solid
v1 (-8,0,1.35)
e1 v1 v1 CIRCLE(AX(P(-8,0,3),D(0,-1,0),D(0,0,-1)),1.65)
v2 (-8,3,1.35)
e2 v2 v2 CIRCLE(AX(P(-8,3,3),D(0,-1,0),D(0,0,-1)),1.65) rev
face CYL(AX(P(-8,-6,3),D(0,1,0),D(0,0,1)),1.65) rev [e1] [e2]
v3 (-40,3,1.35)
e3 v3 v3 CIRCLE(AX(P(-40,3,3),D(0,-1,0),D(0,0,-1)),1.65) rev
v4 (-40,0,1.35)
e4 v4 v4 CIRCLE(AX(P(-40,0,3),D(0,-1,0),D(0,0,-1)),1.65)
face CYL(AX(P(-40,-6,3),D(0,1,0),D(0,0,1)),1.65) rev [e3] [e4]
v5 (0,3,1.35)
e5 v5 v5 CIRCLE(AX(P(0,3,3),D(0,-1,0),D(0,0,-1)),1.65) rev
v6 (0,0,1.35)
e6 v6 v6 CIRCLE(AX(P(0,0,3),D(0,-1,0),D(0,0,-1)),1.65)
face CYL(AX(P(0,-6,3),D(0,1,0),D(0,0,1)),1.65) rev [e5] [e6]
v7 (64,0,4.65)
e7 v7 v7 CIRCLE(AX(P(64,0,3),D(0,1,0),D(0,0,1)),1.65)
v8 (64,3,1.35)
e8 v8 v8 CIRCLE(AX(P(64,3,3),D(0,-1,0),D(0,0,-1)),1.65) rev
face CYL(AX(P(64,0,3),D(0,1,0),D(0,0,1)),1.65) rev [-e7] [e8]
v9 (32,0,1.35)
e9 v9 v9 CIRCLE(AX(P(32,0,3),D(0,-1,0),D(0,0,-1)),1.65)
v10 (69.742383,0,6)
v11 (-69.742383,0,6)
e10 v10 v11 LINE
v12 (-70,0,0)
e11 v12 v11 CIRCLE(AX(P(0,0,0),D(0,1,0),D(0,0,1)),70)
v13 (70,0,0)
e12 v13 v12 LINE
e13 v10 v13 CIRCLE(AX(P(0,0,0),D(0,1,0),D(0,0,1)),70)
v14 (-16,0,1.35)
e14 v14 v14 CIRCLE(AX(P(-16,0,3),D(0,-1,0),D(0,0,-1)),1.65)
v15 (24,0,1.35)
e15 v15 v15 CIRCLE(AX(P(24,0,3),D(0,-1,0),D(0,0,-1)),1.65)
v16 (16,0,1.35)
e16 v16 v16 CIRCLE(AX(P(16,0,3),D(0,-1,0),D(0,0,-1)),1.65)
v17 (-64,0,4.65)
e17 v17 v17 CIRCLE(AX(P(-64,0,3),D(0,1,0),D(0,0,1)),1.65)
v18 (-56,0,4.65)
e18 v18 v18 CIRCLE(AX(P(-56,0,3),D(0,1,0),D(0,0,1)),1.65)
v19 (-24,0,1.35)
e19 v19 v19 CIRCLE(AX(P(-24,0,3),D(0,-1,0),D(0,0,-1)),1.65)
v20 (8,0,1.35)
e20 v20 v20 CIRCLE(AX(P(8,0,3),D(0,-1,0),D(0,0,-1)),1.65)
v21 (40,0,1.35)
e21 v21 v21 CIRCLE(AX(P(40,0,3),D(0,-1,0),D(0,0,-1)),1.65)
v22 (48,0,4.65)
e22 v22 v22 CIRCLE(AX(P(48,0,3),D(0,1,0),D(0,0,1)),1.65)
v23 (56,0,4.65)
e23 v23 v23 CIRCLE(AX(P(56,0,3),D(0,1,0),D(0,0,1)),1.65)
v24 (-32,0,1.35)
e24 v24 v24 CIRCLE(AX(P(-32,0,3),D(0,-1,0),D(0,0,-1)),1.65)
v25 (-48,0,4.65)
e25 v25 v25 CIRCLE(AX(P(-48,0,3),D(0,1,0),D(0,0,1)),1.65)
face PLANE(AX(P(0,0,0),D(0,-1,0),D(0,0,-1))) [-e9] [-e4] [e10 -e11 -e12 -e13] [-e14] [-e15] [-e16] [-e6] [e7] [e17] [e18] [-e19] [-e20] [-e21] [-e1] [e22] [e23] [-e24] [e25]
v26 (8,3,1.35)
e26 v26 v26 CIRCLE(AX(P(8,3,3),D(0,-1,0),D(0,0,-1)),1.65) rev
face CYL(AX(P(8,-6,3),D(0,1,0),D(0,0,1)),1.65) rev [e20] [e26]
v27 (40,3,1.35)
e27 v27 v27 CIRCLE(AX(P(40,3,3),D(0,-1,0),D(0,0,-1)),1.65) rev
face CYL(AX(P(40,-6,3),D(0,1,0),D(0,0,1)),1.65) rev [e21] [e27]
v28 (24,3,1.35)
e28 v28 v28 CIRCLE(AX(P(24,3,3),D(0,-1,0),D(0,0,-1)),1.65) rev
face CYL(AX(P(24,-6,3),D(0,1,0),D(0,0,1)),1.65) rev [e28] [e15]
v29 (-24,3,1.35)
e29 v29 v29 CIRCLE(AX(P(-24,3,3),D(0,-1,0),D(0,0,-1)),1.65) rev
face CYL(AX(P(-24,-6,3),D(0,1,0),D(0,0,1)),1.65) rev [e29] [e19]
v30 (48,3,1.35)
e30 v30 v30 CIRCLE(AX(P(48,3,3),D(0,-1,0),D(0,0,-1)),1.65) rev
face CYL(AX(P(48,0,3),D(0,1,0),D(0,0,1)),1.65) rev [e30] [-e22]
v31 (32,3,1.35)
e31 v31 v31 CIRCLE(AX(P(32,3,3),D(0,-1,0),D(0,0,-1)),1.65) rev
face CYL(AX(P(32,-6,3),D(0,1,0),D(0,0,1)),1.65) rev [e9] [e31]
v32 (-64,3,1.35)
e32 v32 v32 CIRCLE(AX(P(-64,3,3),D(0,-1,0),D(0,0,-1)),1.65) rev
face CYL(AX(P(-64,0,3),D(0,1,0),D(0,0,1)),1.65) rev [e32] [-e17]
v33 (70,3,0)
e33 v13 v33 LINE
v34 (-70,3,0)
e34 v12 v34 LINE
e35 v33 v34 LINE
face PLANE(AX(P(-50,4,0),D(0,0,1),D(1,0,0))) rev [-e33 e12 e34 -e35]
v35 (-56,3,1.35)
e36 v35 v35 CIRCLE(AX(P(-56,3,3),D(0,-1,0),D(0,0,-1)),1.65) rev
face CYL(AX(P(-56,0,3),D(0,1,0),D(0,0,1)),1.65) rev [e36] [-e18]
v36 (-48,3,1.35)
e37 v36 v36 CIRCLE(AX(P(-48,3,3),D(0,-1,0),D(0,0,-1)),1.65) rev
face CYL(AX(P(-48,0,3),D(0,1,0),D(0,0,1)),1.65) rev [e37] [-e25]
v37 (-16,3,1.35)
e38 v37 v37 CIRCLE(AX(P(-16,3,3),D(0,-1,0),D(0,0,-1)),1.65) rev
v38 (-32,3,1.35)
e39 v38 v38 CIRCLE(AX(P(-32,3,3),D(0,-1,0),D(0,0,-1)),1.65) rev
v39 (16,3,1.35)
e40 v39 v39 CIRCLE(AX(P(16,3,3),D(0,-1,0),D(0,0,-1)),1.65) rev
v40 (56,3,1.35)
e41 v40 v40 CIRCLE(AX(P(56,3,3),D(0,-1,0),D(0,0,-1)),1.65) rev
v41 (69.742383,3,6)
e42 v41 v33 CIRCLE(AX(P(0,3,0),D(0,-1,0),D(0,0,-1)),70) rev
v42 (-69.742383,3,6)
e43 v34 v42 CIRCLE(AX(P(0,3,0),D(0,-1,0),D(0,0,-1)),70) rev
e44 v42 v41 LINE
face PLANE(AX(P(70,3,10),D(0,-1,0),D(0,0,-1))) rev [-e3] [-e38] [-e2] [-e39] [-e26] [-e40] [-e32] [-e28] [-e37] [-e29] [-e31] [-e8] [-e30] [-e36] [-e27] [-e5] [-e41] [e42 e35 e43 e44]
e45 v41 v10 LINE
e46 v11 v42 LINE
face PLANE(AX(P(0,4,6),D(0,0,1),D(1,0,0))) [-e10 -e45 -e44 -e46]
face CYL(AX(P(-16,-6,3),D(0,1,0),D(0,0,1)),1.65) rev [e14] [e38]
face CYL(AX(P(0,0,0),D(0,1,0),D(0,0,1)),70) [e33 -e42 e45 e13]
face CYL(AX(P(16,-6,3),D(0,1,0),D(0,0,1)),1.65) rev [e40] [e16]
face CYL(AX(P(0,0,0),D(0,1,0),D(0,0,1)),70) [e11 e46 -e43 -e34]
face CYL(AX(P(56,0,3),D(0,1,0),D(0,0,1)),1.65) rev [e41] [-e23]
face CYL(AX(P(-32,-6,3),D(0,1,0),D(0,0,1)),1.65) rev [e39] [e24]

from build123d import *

# Parameters (mm, degrees)
EXTRUDE_1_DEPTH     = 4
CUT_EXTRUDE_1_DEPTH = 10
SKETCH_3_R          = 2.25
CUT_EXTRUDE_2_DEPTH = 10
SKETCH_4_R          = 1.65
CUT_EXTRUDE_3_DEPTH = 10
EXTRUDE_START       = -4
EXTRUDE_2_DEPTH     = 4
SKETCH_6_R          = 1.65
CUT_EXTRUDE_4_DEPTH = 4
SKETCH_7_W          = 40
SKETCH_7_H          = 10
CUT_EXTRUDE_5_DEPTH = 4
EXTRUDE_4_DEPTH     = 4
SKETCH_9_R          = 1.65
SKETCH_9_R_2        = 2.25
SKETCH_9_W          = 20
SKETCH_9_H          = 40
EXTRUDE_7_DEPTH     = 4
CUT_EXTRUDE_START   = -4
SKETCH_10_R         = 2.25
SKETCH_10_W         = 20
SKETCH_10_H         = 40
CUT_EXTRUDE_6_DEPTH = 4
SKETCH_11_R         = 2.25
SKETCH_11_W         = 20
SKETCH_11_H         = 40
SKETCH_11_W_2       = 40
SKETCH_11_H_2       = 20
SKETCH_11_R_2       = 1.65
CUT_EXTRUDE_7_DEPTH = 4
SKETCH_12_W         = 140
SKETCH_12_H         = 1
CUT_EXTRUDE_8_DEPTH = 10


with BuildPart() as part:
    # 草图1 → 凸台-拉伸1 (new body)
    with BuildSketch(Plane(origin=(0, 0, 0), x_dir=(1, 0, 0), z_dir=(0, 1, 0))):
        with BuildLine():
            Line((-50, 0), (50, 0))
            ThreePointArc((50, 0), (0, -50), (-50, 0))
        make_face()
    extrude(amount=EXTRUDE_1_DEPTH)

    # 草图2 → 切除-拉伸1 (cut)
    with BuildSketch(Plane(origin=(0, 4, 0), x_dir=(1, 0, 0), z_dir=(0, 1, 0))):
        Polygon((0, -10.623043888), (10, -10.623043888), (10, -30.623043888), (-30, -30.623043888), (-30, -10.623043888), align=None)
    extrude(amount=-CUT_EXTRUDE_1_DEPTH, mode=Mode.SUBTRACT)

    # 草图3 → 切除-拉伸2 (cut)
    with BuildSketch(Plane(origin=(0, 4, 0), x_dir=(1, 0, 0), z_dir=(0, 1, 0))):
        with Locations(Location((-34.75, -15.623043888, 0), (0, 0, 270))):
            Circle(SKETCH_3_R)
        with Locations(Location((-34.75, -25.623043888, 0), (0, 0, 270))):
            Circle(SKETCH_3_R)
        with Locations(Location((14.75, -25.623043888, 0), (0, 0, 90))):
            Circle(SKETCH_3_R)
        with Locations(Location((14.75, -15.623043888, 0), (0, 0, 90))):
            Circle(SKETCH_3_R)
    extrude(amount=-CUT_EXTRUDE_2_DEPTH, mode=Mode.SUBTRACT)

    # 草图4 → 切除-拉伸3 (cut)
    with BuildSketch(Plane(origin=(0, 4, 0), x_dir=(1, 0, 0), z_dir=(0, 1, 0))):
        with Locations(Location((0, -3, 0), (0, 0, 270))):
            Circle(SKETCH_4_R)
        with Locations(Location((8, -3, 0), (0, 0, 270))):
            Circle(SKETCH_4_R)
        with Locations(Location((16, -3, 0), (0, 0, 270))):
            Circle(SKETCH_4_R)
        with Locations(Location((24, -3, 0), (0, 0, 270))):
            Circle(SKETCH_4_R)
        with Locations(Location((32, -3, 0), (0, 0, 270))):
            Circle(SKETCH_4_R)
        with Locations(Location((40, -3, 0), (0, 0, 270))):
            Circle(SKETCH_4_R)
        with Locations(Location((-40, -3, 0), (0, 0, 90))):
            Circle(SKETCH_4_R)
        with Locations(Location((-32, -3, 0), (0, 0, 90))):
            Circle(SKETCH_4_R)
        with Locations(Location((-24, -3, 0), (0, 0, 90))):
            Circle(SKETCH_4_R)
        with Locations(Location((-16, -3, 0), (0, 0, 90))):
            Circle(SKETCH_4_R)
        with Locations(Location((-8, -3, 0), (0, 0, 90))):
            Circle(SKETCH_4_R)
    extrude(amount=-CUT_EXTRUDE_3_DEPTH, mode=Mode.SUBTRACT)

    # 草图5 → 凸台-拉伸2 (add)
    with BuildSketch(Plane(origin=(0, 4, 0), x_dir=(1, 0, 0), z_dir=(0, 1, 0)).offset(EXTRUDE_START)):
        with BuildLine():
            Line((-50, 0), (-70, 0))
            ThreePointArc((-70, 0), (0, -70), (70, 0))
            Line((70, 0), (50, 0))
            ThreePointArc((50, 0), (0, -50), (-50, 0))
        make_face()
    extrude(amount=EXTRUDE_2_DEPTH)

    # 草图6 → 切除-拉伸4 (cut)
    with BuildSketch(Plane(origin=(0, 4, 0), x_dir=(1, 0, 0), z_dir=(0, 1, 0))):
        with Locations(Location((0, -3, 0), (0, 0, 270))):
            Circle(SKETCH_6_R)
        with Locations(Location((8, -3, 0), (0, 0, 270))):
            Circle(SKETCH_6_R)
        with Locations(Location((16, -3, 0), (0, 0, 270))):
            Circle(SKETCH_6_R)
        with Locations(Location((24, -3, 0), (0, 0, 270))):
            Circle(SKETCH_6_R)
        with Locations(Location((32, -3, 0), (0, 0, 270))):
            Circle(SKETCH_6_R)
        with Locations(Location((40, -3, 0), (0, 0, 270))):
            Circle(SKETCH_6_R)
        with Locations(Location((48, -3, 0), (0, 0, 270))):
            Circle(SKETCH_6_R)
        with Locations(Location((56, -3, 0), (0, 0, 270))):
            Circle(SKETCH_6_R)
        with Locations(Location((64, -3, 0), (0, 0, 270))):
            Circle(SKETCH_6_R)
        with Locations(Location((-8, -3, 0), (0, 0, 90))):
            Circle(SKETCH_6_R)
        with Locations(Location((-16, -3, 0), (0, 0, 90))):
            Circle(SKETCH_6_R)
        with Locations(Location((-24, -3, 0), (0, 0, 90))):
            Circle(SKETCH_6_R)
        with Locations(Location((-32, -3, 0), (0, 0, 90))):
            Circle(SKETCH_6_R)
        with Locations(Location((-40, -3, 0), (0, 0, 90))):
            Circle(SKETCH_6_R)
        with Locations(Location((-48, -3, 0), (0, 0, 270))):
            Circle(SKETCH_6_R)
        with Locations(Location((-56, -3, 0), (0, 0, 270))):
            Circle(SKETCH_6_R)
        with Locations(Location((-64, -3, 0), (0, 0, 270))):
            Circle(SKETCH_6_R)
    extrude(amount=-CUT_EXTRUDE_4_DEPTH, mode=Mode.SUBTRACT)

    # 草图7 → 切除-拉伸5 (cut)
    with BuildSketch(Plane(origin=(0, 4, 0), x_dir=(1, 0, 0), z_dir=(0, 1, 0))):
        with Locations((-10, -25.623043888)):
            Rectangle(SKETCH_7_W, SKETCH_7_H)
        with Locations((-10, -35.623043888)):
            Rectangle(SKETCH_7_W, SKETCH_7_H)
        with BuildLine():
            ThreePointArc((17, -35.623043888), (16.340990258, -34.03205363), (14.75, -33.373043888))
            ThreePointArc((14.75, -33.373043888), (13.159009742, -37.214034146), (17, -35.623043888))
        make_face()
        with BuildLine():
            ThreePointArc((-32.5, -35.623043888), (-33.159009742, -34.03205363), (-34.75, -33.373043888))
            ThreePointArc((-34.75, -33.373043888), (-36.340990258, -37.214034146), (-32.5, -35.623043888))
        make_face()
    extrude(amount=-CUT_EXTRUDE_5_DEPTH, mode=Mode.SUBTRACT)

    # 草图8 → 凸台-拉伸4 (add)
    with BuildSketch(Plane(origin=(0, 4, 0), x_dir=(1, 0, 0), z_dir=(0, 1, 0))):
        Polygon((-41.554882874, -20.623043888), (14.75, -20.623043888), (21.040870392, -20.623043888), (21.040870392, -8.98726117), (-41.554882874, -8.5063719), align=None)
    extrude(amount=-EXTRUDE_4_DEPTH)

    # 草图9 → 凸台-拉伸7 (add)
    # profile 1 of 2: a face of its own
    with BuildSketch(Plane(origin=(0, 4, 0), x_dir=(1, 0, 0), z_dir=(0, 1, 0)).offset(EXTRUDE_START)):
        with BuildLine():
            ThreePointArc((-80, -150), (-26.806171238, -125.50183053), (-10.845240526, -69.154759474))
            ThreePointArc((-10.845240526, -69.154759474), (-49.497474683, -49.497474683), (-69.154759474, -10.845240526))
            ThreePointArc((-69.154759474, -10.845240526), (-74.560935889, -10.211630041), (-80, -10))
            Line((-80, -10), (-80, -150))
        make_face()
        with Locations(Location((-77, -144, 0), (0, 0, 270))):
            Circle(SKETCH_9_R, mode=Mode.SUBTRACT)
        with Locations(Location((-77, -136, 0), (0, 0, 270))):
            Circle(SKETCH_9_R, mode=Mode.SUBTRACT)
        with Locations(Location((-77, -128, 0), (0, 0, 270))):
            Circle(SKETCH_9_R, mode=Mode.SUBTRACT)
        with Locations(Location((-77, -120, 0), (0, 0, 270))):
            Circle(SKETCH_9_R, mode=Mode.SUBTRACT)
        with Locations(Location((-54.376956112, -114.75, 0), (0, 0, 270))):
            Circle(SKETCH_9_R_2, mode=Mode.SUBTRACT)
        with Locations(Location((-44.376956112, -114.75, 0), (0, 0, 270))):
            Circle(SKETCH_9_R_2, mode=Mode.SUBTRACT)
        with Locations(Location((-77, -112, 0), (0, 0, 270))):
            Circle(SKETCH_9_R, mode=Mode.SUBTRACT)
        with Locations(Location((-77, -104, 0), (0, 0, 270))):
            Circle(SKETCH_9_R, mode=Mode.SUBTRACT)
        with Locations(Location((-77, -96, 0), (0, 0, 270))):
            Circle(SKETCH_9_R, mode=Mode.SUBTRACT)
        with Locations(Location((-77, -88, 0), (0, 0, 270))):
            Circle(SKETCH_9_R, mode=Mode.SUBTRACT)
        with Locations(Location((-77, -80, 0), (0, 0, 270))):
            Circle(SKETCH_9_R, mode=Mode.SUBTRACT)
        with Locations((-49.376956112, -90)):
            Rectangle(SKETCH_9_W, SKETCH_9_H, mode=Mode.SUBTRACT)
        with Locations(Location((-77, -72, 0), (0, 0, 270))):
            Circle(SKETCH_9_R, mode=Mode.SUBTRACT)
        with Locations(Location((-77, -64, 0), (0, 0, 270))):
            Circle(SKETCH_9_R, mode=Mode.SUBTRACT)
        with Locations(Location((-54.376956112, -65.25, 0), (0, 0, 270))):
            Circle(SKETCH_9_R_2, mode=Mode.SUBTRACT)
        with Locations(Location((-44.376956112, -65.25, 0), (0, 0, 270))):
            Circle(SKETCH_9_R_2, mode=Mode.SUBTRACT)
        with Locations(Location((-77, -56, 0), (0, 0, 270))):
            Circle(SKETCH_9_R, mode=Mode.SUBTRACT)
        with Locations(Location((-77, -48, 0), (0, 0, 270))):
            Circle(SKETCH_9_R, mode=Mode.SUBTRACT)
        with Locations(Location((-77, -40, 0), (0, 0, 270))):
            Circle(SKETCH_9_R, mode=Mode.SUBTRACT)
        with Locations(Location((-77, -32, 0), (0, 0, 270))):
            Circle(SKETCH_9_R, mode=Mode.SUBTRACT)
        with Locations(Location((-77, -24, 0), (0, 0, 270))):
            Circle(SKETCH_9_R, mode=Mode.SUBTRACT)
        with Locations(Location((-77, -16, 0), (0, 0, 270))):
            Circle(SKETCH_9_R, mode=Mode.SUBTRACT)
    # profile 2 of 2: a face of its own
    with BuildSketch(Plane(origin=(0, 4, 0), x_dir=(1, 0, 0), z_dir=(0, 1, 0)).offset(EXTRUDE_START)):
        with BuildLine():
            ThreePointArc((39.376956112, -57.874479068), (25.73671386, -65.097016519), (10.845240526, -69.154759474))
            ThreePointArc((10.845240526, -69.154759474), (26.806171238, -125.50183053), (80, -150))
            Line((80, -150), (80, -80))
            Line((80, -80), (80, -10))
            ThreePointArc((80, -10), (74.560935889, -10.211630041), (69.154759474, -10.845240526))
            ThreePointArc((69.154759474, -10.845240526), (64.206635613, -27.883829422), (55.133596526, -43.131039103))
            ThreePointArc((55.133596526, -43.131039103), (56.106456706, -46.689210789), (52.430746339, -46.379056031))
            ThreePointArc((52.430746339, -46.379056031), (50.742579289, -48.220230683), (48.989794856, -50))
            Line((48.989794856, -50), (59.376956112, -50))
            Line((59.376956112, -50), (59.376956112, -90))
            Line((59.376956112, -90), (39.376956112, -90))
            Line((39.376956112, -90), (39.376956112, -57.874479068))
        make_face()
        with Locations(Location((77, -144, 0), (0, 0, 270))):
            Circle(SKETCH_9_R, mode=Mode.SUBTRACT)
        with Locations(Location((77, -136, 0), (0, 0, 270))):
            Circle(SKETCH_9_R, mode=Mode.SUBTRACT)
        with Locations(Location((77, -128, 0), (0, 0, 270))):
            Circle(SKETCH_9_R, mode=Mode.SUBTRACT)
        with Locations(Location((77, -120, 0), (0, 0, 270))):
            Circle(SKETCH_9_R, mode=Mode.SUBTRACT)
        with Locations(Location((44.376956112, -94.75, 0), (0, 0, 270))):
            Circle(SKETCH_9_R_2, mode=Mode.SUBTRACT)
        with Locations(Location((54.376956112, -94.75, 0), (0, 0, 270))):
            Circle(SKETCH_9_R_2, mode=Mode.SUBTRACT)
        with Locations(Location((77, -112, 0), (0, 0, 270))):
            Circle(SKETCH_9_R, mode=Mode.SUBTRACT)
        with Locations(Location((77, -104, 0), (0, 0, 270))):
            Circle(SKETCH_9_R, mode=Mode.SUBTRACT)
        with Locations(Location((77, -96, 0), (0, 0, 270))):
            Circle(SKETCH_9_R, mode=Mode.SUBTRACT)
        with Locations(Location((77, -88, 0), (0, 0, 270))):
            Circle(SKETCH_9_R, mode=Mode.SUBTRACT)
        with Locations(Location((77, -80, 0), (0, 0, 270))):
            Circle(SKETCH_9_R, mode=Mode.SUBTRACT)
        with Locations(Location((77, -72, 0), (0, 0, 270))):
            Circle(SKETCH_9_R, mode=Mode.SUBTRACT)
        with Locations(Location((77, -64, 0), (0, 0, 270))):
            Circle(SKETCH_9_R, mode=Mode.SUBTRACT)
        with Locations(Location((77, -56, 0), (0, 0, 270))):
            Circle(SKETCH_9_R, mode=Mode.SUBTRACT)
        with Locations(Location((77, -48, 0), (0, 0, 270))):
            Circle(SKETCH_9_R, mode=Mode.SUBTRACT)
        with Locations(Location((77, -40, 0), (0, 0, 270))):
            Circle(SKETCH_9_R, mode=Mode.SUBTRACT)
        with Locations(Location((77, -32, 0), (0, 0, 270))):
            Circle(SKETCH_9_R, mode=Mode.SUBTRACT)
        with Locations(Location((77, -24, 0), (0, 0, 270))):
            Circle(SKETCH_9_R, mode=Mode.SUBTRACT)
        with Locations(Location((77, -16, 0), (0, 0, 270))):
            Circle(SKETCH_9_R, mode=Mode.SUBTRACT)
    extrude(amount=EXTRUDE_7_DEPTH)

    # 草图10 → 切除-拉伸6 (cut)
    with BuildSketch(Plane(origin=(0, 4, 0), x_dir=(1, 0, 0), z_dir=(0, 1, 0)).offset(CUT_EXTRUDE_START)):
        with Locations(Location((54.376956112, -45.25, 0), (0, 0, 270))):
            Circle(SKETCH_10_R)
        with Locations(Location((44.376956112, -45.25, 0), (0, 0, 270))):
            Circle(SKETCH_10_R)
        with Locations((49.376956112, -70)):
            Rectangle(SKETCH_10_W, SKETCH_10_H)
    extrude(amount=CUT_EXTRUDE_6_DEPTH, mode=Mode.SUBTRACT)

    # 草图11 → 切除-拉伸7 (cut)
    with BuildSketch(Plane.XZ):
        with BuildLine():
            ThreePointArc((-69.154759474, 10.845240526), (-69.490813368, 8.42774332), (-69.742383097, 6))
            Line((-69.742383097, 6), (69.742383097, 6))
            ThreePointArc((69.742383097, 6), (69.490813368, 8.42774332), (69.154759474, 10.845240526))
            ThreePointArc((69.154759474, 10.845240526), (74.560935889, 10.211630041), (80, 10))
            Line((80, 10), (80, 150))
            ThreePointArc((80, 150), (26.806171238, 125.50183053), (10.845240526, 69.154759474))
            ThreePointArc((10.845240526, 69.154759474), (0, 70), (-10.845240526, 69.154759474))
            ThreePointArc((-10.845240526, 69.154759474), (-26.806171238, 125.50183053), (-80, 150))
            Line((-80, 150), (-80, 10))
            ThreePointArc((-80, 10), (-74.560935889, 10.211630041), (-69.154759474, 10.845240526))
        make_face()
        with Locations((54.376956112, 45.25)):
            Circle(SKETCH_11_R, mode=Mode.SUBTRACT)
        with Locations((49.376956112, 70)):
            Rectangle(SKETCH_11_W, SKETCH_11_H, mode=Mode.SUBTRACT)
        with Locations((-34.75, 25.623043888)):
            Circle(SKETCH_11_R, mode=Mode.SUBTRACT)
        with Locations((-34.75, 35.623043888)):
            Circle(SKETCH_11_R, mode=Mode.SUBTRACT)
        with Locations((-10, 30.623043888)):
            Rectangle(SKETCH_11_W_2, SKETCH_11_H_2, mode=Mode.SUBTRACT)
        with Locations((14.75, 25.623043888)):
            Circle(SKETCH_11_R, mode=Mode.SUBTRACT)
        with Locations((14.75, 35.623043888)):
            Circle(SKETCH_11_R, mode=Mode.SUBTRACT)
        with Locations((44.376956112, 45.25)):
            Circle(SKETCH_11_R, mode=Mode.SUBTRACT)
        with Locations((-77, 144)):
            Circle(SKETCH_11_R_2, mode=Mode.SUBTRACT)
        with Locations((-77, 16)):
            Circle(SKETCH_11_R_2, mode=Mode.SUBTRACT)
        with Locations((-77, 24)):
            Circle(SKETCH_11_R_2, mode=Mode.SUBTRACT)
        with Locations((-77, 32)):
            Circle(SKETCH_11_R_2, mode=Mode.SUBTRACT)
        with Locations((-77, 40)):
            Circle(SKETCH_11_R_2, mode=Mode.SUBTRACT)
        with Locations((-77, 48)):
            Circle(SKETCH_11_R_2, mode=Mode.SUBTRACT)
        with Locations((-77, 56)):
            Circle(SKETCH_11_R_2, mode=Mode.SUBTRACT)
        with Locations((-77, 64)):
            Circle(SKETCH_11_R_2, mode=Mode.SUBTRACT)
        with Locations((-77, 72)):
            Circle(SKETCH_11_R_2, mode=Mode.SUBTRACT)
        with Locations((-54.376956112, 65.25)):
            Circle(SKETCH_11_R, mode=Mode.SUBTRACT)
        with Locations((-44.376956112, 65.25)):
            Circle(SKETCH_11_R, mode=Mode.SUBTRACT)
        with Locations((-77, 80)):
            Circle(SKETCH_11_R_2, mode=Mode.SUBTRACT)
        with Locations((-77, 88)):
            Circle(SKETCH_11_R_2, mode=Mode.SUBTRACT)
        with Locations((-77, 96)):
            Circle(SKETCH_11_R_2, mode=Mode.SUBTRACT)
        with Locations((-77, 104)):
            Circle(SKETCH_11_R_2, mode=Mode.SUBTRACT)
        with Locations((-49.376956112, 90)):
            Rectangle(SKETCH_11_W, SKETCH_11_H, mode=Mode.SUBTRACT)
        with Locations((-77, 112)):
            Circle(SKETCH_11_R_2, mode=Mode.SUBTRACT)
        with Locations((-77, 120)):
            Circle(SKETCH_11_R_2, mode=Mode.SUBTRACT)
        with Locations((-77, 128)):
            Circle(SKETCH_11_R_2, mode=Mode.SUBTRACT)
        with Locations((-77, 136)):
            Circle(SKETCH_11_R_2, mode=Mode.SUBTRACT)
        with Locations((-54.376956112, 114.75)):
            Circle(SKETCH_11_R, mode=Mode.SUBTRACT)
        with Locations((-44.376956112, 114.75)):
            Circle(SKETCH_11_R, mode=Mode.SUBTRACT)
        with Locations((77, 144)):
            Circle(SKETCH_11_R_2, mode=Mode.SUBTRACT)
        with Locations((77, 136)):
            Circle(SKETCH_11_R_2, mode=Mode.SUBTRACT)
        with Locations((77, 128)):
            Circle(SKETCH_11_R_2, mode=Mode.SUBTRACT)
        with Locations((77, 16)):
            Circle(SKETCH_11_R_2, mode=Mode.SUBTRACT)
        with Locations((77, 24)):
            Circle(SKETCH_11_R_2, mode=Mode.SUBTRACT)
        with Locations((77, 32)):
            Circle(SKETCH_11_R_2, mode=Mode.SUBTRACT)
        with Locations((77, 40)):
            Circle(SKETCH_11_R_2, mode=Mode.SUBTRACT)
        with Locations((77, 48)):
            Circle(SKETCH_11_R_2, mode=Mode.SUBTRACT)
        with Locations((44.376956112, 94.75)):
            Circle(SKETCH_11_R, mode=Mode.SUBTRACT)
        with Locations((77, 56)):
            Circle(SKETCH_11_R_2, mode=Mode.SUBTRACT)
        with Locations((77, 64)):
            Circle(SKETCH_11_R_2, mode=Mode.SUBTRACT)
        with Locations((77, 72)):
            Circle(SKETCH_11_R_2, mode=Mode.SUBTRACT)
        with Locations((54.376956112, 94.75)):
            Circle(SKETCH_11_R, mode=Mode.SUBTRACT)
        with Locations((77, 80)):
            Circle(SKETCH_11_R_2, mode=Mode.SUBTRACT)
        with Locations((77, 88)):
            Circle(SKETCH_11_R_2, mode=Mode.SUBTRACT)
        with Locations((77, 96)):
            Circle(SKETCH_11_R_2, mode=Mode.SUBTRACT)
        with Locations((77, 104)):
            Circle(SKETCH_11_R_2, mode=Mode.SUBTRACT)
        with Locations((77, 112)):
            Circle(SKETCH_11_R_2, mode=Mode.SUBTRACT)
        with Locations((77, 120)):
            Circle(SKETCH_11_R_2, mode=Mode.SUBTRACT)
    extrude(amount=-CUT_EXTRUDE_7_DEPTH, mode=Mode.SUBTRACT)

    # 草图12 → 切除-拉伸8 (cut)
    with BuildSketch(Plane(origin=(0, 0, 0), x_dir=(-1, 0, 0), z_dir=(0, 0, -1))):
        with Locations((0, 3.5)):
            Rectangle(SKETCH_12_W, SKETCH_12_H)
    extrude(amount=-CUT_EXTRUDE_8_DEPTH, mode=Mode.SUBTRACT)


solid = part.part
